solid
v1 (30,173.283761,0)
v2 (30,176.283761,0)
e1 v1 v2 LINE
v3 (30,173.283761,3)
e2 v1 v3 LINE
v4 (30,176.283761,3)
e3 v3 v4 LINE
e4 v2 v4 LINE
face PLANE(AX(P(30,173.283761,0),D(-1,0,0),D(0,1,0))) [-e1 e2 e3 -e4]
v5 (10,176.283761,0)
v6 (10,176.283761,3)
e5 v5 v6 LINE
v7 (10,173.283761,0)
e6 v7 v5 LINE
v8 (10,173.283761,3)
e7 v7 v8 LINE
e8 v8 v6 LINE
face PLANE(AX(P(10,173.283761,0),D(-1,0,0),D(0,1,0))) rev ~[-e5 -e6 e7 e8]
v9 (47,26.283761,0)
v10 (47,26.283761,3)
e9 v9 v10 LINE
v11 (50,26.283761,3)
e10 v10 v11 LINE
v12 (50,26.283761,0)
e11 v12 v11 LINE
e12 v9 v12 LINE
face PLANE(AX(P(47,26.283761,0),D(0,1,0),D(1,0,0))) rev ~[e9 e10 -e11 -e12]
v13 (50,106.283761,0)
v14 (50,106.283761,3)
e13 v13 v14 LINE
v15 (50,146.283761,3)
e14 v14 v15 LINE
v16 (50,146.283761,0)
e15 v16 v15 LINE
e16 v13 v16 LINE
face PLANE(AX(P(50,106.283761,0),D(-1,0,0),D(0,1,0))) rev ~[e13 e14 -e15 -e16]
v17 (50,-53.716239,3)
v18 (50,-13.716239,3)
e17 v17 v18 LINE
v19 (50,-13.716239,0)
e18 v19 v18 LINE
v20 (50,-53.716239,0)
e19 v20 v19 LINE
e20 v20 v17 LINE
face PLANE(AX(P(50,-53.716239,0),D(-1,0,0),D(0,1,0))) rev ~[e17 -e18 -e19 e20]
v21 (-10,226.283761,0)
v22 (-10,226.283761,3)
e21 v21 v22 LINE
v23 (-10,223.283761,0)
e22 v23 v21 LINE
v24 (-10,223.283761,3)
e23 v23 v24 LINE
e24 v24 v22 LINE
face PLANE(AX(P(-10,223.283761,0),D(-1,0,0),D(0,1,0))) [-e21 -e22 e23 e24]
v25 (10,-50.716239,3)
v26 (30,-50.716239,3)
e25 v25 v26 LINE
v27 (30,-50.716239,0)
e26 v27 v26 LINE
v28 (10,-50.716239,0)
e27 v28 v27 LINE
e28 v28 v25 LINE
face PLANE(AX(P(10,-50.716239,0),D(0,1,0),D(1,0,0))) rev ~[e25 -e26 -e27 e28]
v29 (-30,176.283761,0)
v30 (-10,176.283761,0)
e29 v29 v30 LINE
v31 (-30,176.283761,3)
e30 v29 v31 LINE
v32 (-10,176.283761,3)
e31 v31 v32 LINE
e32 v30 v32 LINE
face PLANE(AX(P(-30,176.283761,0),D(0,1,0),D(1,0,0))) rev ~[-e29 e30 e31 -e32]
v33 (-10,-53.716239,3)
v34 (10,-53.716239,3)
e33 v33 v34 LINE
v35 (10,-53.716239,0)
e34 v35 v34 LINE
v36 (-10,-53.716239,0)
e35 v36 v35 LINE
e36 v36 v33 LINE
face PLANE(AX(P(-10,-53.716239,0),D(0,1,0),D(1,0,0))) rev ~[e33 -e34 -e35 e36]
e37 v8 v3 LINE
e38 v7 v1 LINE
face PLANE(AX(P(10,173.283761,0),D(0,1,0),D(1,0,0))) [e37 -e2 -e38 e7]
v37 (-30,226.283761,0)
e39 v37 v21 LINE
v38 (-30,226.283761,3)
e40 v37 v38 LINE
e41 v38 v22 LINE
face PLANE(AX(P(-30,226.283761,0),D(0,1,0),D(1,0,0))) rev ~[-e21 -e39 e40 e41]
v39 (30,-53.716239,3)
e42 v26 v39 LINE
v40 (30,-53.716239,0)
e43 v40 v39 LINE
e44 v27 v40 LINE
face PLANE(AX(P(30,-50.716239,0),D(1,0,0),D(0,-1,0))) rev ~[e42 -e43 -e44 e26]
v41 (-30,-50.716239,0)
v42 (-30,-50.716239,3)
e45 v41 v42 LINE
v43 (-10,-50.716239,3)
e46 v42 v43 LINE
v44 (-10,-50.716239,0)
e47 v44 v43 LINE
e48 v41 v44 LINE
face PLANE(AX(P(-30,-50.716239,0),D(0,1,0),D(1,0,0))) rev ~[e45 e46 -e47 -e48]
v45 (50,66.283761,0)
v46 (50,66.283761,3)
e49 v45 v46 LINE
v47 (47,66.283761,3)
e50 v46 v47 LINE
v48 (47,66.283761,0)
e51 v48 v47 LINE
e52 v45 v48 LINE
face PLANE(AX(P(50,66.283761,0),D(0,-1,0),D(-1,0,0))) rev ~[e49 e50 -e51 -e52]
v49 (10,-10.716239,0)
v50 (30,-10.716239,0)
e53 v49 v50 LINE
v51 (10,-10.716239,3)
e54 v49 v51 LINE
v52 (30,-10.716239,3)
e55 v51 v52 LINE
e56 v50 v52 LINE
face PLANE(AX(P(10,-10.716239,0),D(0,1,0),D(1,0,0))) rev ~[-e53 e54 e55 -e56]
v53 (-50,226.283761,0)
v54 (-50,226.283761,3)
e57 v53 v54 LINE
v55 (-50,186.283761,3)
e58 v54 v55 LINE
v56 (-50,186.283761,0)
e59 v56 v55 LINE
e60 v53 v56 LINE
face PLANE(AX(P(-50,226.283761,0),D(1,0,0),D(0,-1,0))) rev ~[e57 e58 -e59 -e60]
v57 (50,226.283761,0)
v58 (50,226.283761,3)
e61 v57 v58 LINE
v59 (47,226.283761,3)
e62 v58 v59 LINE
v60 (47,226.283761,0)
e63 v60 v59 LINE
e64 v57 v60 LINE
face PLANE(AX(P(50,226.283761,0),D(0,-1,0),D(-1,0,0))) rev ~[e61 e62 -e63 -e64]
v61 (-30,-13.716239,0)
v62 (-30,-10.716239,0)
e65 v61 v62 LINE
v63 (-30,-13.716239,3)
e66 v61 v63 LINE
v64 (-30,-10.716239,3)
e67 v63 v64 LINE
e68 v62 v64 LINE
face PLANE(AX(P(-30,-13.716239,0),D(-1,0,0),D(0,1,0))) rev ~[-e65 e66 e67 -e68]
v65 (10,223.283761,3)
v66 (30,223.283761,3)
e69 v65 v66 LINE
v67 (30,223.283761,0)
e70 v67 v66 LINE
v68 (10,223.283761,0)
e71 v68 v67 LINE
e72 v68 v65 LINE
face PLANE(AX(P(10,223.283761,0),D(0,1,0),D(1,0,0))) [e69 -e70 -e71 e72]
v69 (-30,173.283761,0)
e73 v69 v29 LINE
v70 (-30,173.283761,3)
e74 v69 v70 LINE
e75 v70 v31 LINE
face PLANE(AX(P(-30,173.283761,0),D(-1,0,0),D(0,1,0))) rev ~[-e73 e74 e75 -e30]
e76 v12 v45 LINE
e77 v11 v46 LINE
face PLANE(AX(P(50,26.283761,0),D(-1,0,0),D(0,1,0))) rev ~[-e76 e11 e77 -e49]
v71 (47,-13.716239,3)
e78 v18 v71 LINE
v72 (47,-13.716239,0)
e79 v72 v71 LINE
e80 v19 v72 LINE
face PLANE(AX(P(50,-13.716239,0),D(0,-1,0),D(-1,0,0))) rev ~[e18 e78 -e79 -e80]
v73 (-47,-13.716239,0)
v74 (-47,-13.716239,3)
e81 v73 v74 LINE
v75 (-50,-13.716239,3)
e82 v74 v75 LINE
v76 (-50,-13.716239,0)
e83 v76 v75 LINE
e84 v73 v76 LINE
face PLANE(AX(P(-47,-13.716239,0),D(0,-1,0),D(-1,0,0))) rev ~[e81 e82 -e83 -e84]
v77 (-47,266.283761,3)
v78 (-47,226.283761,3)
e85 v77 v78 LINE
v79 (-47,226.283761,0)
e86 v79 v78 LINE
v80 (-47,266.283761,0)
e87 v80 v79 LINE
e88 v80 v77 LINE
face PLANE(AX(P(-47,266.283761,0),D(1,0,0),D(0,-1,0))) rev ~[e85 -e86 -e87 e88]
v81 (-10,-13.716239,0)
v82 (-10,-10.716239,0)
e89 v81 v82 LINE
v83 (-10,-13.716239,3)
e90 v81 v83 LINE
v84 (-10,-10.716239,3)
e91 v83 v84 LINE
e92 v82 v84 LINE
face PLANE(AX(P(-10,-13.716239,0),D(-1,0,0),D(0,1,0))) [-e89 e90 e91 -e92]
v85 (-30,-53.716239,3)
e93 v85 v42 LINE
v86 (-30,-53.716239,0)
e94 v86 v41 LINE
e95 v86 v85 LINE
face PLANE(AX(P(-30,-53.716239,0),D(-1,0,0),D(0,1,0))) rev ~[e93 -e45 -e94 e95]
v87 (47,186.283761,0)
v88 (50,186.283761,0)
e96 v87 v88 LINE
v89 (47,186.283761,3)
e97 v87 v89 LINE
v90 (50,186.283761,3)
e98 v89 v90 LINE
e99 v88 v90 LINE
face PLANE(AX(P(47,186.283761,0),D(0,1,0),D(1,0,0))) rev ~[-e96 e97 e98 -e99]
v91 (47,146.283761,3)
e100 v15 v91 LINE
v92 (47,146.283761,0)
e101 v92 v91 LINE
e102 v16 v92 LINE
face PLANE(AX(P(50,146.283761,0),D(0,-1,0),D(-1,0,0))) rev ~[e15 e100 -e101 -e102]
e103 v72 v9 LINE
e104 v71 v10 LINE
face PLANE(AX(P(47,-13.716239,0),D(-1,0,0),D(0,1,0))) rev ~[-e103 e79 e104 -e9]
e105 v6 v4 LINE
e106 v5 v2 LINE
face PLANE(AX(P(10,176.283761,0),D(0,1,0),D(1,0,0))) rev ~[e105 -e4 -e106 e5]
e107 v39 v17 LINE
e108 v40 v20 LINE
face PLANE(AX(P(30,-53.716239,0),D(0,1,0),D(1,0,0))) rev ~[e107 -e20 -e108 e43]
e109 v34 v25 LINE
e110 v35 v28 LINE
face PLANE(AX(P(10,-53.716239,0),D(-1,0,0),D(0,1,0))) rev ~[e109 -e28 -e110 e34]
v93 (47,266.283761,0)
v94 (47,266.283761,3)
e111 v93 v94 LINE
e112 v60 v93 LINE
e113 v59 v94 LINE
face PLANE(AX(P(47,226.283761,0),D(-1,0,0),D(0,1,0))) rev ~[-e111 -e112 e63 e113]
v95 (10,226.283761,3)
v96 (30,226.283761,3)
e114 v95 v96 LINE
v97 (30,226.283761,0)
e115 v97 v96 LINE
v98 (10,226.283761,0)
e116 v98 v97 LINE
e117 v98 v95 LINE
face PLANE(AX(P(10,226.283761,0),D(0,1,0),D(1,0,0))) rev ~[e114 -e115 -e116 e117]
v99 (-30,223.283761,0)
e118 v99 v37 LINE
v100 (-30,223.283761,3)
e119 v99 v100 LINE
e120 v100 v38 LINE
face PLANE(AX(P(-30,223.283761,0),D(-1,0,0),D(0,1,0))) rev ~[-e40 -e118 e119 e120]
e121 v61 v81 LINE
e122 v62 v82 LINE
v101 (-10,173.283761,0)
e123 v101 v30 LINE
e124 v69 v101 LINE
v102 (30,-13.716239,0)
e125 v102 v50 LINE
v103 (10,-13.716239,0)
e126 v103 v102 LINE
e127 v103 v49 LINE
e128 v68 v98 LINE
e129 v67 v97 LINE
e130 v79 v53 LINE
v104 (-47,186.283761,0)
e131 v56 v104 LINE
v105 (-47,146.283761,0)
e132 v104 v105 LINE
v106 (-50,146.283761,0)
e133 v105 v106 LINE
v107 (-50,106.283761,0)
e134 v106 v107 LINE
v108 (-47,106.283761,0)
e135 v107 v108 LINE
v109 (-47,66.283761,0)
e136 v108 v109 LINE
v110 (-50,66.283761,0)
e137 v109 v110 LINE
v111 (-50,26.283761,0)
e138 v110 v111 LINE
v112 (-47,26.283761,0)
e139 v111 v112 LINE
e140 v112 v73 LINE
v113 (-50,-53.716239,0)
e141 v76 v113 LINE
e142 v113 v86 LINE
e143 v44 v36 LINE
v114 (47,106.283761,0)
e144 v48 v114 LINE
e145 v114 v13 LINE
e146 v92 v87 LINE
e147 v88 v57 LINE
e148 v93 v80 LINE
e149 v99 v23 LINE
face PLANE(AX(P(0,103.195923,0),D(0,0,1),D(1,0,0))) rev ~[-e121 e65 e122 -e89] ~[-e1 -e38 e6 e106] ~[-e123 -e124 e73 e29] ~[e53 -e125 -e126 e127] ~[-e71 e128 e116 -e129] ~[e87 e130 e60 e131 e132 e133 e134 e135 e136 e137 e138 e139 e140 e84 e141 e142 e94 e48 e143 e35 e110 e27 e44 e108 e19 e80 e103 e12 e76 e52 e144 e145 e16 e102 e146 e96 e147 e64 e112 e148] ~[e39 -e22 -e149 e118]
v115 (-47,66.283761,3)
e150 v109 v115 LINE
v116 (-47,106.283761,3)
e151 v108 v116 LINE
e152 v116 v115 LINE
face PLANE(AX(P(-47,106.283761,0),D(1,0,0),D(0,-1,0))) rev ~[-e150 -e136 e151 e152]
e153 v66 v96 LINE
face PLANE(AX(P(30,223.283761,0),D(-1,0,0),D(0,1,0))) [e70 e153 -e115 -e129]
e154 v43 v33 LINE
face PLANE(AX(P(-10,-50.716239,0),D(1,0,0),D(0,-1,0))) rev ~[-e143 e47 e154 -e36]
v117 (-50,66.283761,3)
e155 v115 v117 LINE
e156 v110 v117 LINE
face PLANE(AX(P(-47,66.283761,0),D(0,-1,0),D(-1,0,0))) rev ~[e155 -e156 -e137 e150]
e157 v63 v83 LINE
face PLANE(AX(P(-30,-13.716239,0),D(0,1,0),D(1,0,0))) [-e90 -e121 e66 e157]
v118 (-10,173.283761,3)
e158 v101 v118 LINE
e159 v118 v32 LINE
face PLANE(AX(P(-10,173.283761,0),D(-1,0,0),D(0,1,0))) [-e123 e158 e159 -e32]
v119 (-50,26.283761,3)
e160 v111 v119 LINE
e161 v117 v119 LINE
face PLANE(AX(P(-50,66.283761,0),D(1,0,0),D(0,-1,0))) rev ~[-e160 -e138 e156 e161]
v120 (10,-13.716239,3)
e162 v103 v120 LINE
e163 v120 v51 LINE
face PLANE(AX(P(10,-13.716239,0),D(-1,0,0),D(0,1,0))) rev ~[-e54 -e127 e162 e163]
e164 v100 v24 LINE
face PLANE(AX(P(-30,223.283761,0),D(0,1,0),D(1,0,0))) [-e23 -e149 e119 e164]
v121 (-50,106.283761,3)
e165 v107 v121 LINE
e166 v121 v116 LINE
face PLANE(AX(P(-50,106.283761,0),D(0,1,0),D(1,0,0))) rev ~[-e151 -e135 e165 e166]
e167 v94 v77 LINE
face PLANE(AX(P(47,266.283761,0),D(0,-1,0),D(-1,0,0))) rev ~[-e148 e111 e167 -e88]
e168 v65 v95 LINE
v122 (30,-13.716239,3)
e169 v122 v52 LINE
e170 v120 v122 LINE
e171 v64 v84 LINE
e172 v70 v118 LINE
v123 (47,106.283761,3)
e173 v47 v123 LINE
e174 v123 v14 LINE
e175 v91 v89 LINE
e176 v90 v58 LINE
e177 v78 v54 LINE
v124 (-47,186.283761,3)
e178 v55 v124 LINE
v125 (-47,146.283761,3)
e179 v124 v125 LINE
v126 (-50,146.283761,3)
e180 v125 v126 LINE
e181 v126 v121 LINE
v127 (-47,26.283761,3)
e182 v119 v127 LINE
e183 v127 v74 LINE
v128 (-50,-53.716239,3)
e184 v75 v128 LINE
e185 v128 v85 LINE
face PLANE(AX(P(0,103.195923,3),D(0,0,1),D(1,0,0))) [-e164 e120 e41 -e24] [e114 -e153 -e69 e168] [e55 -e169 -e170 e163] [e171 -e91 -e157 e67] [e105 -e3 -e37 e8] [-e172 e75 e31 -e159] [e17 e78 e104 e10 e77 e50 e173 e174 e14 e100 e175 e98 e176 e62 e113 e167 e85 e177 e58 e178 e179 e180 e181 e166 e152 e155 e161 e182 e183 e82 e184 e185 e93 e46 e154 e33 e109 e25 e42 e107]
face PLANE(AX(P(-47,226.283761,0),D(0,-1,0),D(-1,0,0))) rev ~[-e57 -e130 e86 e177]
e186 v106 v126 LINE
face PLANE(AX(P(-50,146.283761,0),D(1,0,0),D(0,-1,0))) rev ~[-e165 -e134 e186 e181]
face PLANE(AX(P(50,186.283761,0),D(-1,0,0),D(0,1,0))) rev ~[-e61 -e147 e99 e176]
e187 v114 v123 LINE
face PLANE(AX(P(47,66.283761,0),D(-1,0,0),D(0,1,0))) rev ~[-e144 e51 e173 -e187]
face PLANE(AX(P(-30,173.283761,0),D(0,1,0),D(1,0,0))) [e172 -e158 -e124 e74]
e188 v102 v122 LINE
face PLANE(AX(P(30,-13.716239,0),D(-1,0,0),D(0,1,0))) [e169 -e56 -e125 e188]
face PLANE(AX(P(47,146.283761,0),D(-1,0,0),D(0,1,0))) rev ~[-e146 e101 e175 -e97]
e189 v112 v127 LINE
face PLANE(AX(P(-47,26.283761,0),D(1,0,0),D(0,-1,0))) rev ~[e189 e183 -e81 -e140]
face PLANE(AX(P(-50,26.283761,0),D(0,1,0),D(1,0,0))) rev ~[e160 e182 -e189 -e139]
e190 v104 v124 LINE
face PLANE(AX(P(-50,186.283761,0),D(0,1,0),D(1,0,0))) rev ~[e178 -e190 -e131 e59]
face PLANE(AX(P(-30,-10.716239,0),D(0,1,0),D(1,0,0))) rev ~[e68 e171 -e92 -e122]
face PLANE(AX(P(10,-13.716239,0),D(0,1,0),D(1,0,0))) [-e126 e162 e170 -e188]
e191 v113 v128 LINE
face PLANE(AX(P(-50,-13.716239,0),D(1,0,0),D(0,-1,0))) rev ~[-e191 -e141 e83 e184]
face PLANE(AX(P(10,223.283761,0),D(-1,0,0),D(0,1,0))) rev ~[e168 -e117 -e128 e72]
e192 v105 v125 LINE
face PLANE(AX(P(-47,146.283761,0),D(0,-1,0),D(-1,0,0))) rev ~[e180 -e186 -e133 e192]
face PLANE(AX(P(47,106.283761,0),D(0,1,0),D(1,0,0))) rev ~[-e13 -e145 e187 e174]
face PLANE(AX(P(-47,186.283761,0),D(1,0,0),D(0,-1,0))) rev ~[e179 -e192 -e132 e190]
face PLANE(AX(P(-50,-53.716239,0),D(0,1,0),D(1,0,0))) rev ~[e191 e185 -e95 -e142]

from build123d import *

# Parameters (mm, degrees)
SKETCH_1_W      = 20
SKETCH_1_H      = 3
EXTRUDE_1_DEPTH = 3


with BuildPart() as part:
    # 草图1 → 凸台-拉伸1 (new body)
    with BuildSketch(Plane.XY):
        Polygon((50, -53.716238765), (50, -13.716238765), (47, -13.716238765), (47, 26.283761235), (50, 26.283761235), (50, 66.283761235), (47, 66.283761235), (47, 106.283761235), (50, 106.283761235), (50, 146.283761235), (47, 146.283761235), (47, 186.283761235), (50, 186.283761235), (50, 226.283761235), (47, 226.283761235), (47, 266.283761235), (-47, 266.283761235), (-47, 226.283761235), (-50, 226.283761235), (-50, 186.283761235), (-47, 186.283761235), (-47, 146.283761235), (-50, 146.283761235), (-50, 106.283761235), (-47, 106.283761235), (-47, 66.283761235), (-50, 66.283761235), (-50, 26.283761235), (-47, 26.283761235), (-47, -13.716238765), (-50, -13.716238765), (-50, -53.716238765), (-30, -53.716238765), (-30, -50.716238765), (-10, -50.716238765), (-10, -53.716238765), (10, -53.716238765), (10, -50.716238765), (30, -50.716238765), (30, -53.716238765), align=None)
        with Locations((-20, -12.216238765)):
            Rectangle(SKETCH_1_W, SKETCH_1_H, mode=Mode.SUBTRACT)
        with Locations((20, -12.216238765)):
            Rectangle(SKETCH_1_W, SKETCH_1_H, mode=Mode.SUBTRACT)
        with Locations((-20, 174.783761235)):
            Rectangle(SKETCH_1_W, SKETCH_1_H, mode=Mode.SUBTRACT)
        with Locations((20, 174.783761235)):
            Rectangle(SKETCH_1_W, SKETCH_1_H, mode=Mode.SUBTRACT)
        with Locations((-20, 224.783761235)):
            Rectangle(SKETCH_1_W, SKETCH_1_H, mode=Mode.SUBTRACT)
        with Locations((20, 224.783761235)):
            Rectangle(SKETCH_1_W, SKETCH_1_H, mode=Mode.SUBTRACT)
    extrude(amount=EXTRUDE_1_DEPTH)


solid = part.part
